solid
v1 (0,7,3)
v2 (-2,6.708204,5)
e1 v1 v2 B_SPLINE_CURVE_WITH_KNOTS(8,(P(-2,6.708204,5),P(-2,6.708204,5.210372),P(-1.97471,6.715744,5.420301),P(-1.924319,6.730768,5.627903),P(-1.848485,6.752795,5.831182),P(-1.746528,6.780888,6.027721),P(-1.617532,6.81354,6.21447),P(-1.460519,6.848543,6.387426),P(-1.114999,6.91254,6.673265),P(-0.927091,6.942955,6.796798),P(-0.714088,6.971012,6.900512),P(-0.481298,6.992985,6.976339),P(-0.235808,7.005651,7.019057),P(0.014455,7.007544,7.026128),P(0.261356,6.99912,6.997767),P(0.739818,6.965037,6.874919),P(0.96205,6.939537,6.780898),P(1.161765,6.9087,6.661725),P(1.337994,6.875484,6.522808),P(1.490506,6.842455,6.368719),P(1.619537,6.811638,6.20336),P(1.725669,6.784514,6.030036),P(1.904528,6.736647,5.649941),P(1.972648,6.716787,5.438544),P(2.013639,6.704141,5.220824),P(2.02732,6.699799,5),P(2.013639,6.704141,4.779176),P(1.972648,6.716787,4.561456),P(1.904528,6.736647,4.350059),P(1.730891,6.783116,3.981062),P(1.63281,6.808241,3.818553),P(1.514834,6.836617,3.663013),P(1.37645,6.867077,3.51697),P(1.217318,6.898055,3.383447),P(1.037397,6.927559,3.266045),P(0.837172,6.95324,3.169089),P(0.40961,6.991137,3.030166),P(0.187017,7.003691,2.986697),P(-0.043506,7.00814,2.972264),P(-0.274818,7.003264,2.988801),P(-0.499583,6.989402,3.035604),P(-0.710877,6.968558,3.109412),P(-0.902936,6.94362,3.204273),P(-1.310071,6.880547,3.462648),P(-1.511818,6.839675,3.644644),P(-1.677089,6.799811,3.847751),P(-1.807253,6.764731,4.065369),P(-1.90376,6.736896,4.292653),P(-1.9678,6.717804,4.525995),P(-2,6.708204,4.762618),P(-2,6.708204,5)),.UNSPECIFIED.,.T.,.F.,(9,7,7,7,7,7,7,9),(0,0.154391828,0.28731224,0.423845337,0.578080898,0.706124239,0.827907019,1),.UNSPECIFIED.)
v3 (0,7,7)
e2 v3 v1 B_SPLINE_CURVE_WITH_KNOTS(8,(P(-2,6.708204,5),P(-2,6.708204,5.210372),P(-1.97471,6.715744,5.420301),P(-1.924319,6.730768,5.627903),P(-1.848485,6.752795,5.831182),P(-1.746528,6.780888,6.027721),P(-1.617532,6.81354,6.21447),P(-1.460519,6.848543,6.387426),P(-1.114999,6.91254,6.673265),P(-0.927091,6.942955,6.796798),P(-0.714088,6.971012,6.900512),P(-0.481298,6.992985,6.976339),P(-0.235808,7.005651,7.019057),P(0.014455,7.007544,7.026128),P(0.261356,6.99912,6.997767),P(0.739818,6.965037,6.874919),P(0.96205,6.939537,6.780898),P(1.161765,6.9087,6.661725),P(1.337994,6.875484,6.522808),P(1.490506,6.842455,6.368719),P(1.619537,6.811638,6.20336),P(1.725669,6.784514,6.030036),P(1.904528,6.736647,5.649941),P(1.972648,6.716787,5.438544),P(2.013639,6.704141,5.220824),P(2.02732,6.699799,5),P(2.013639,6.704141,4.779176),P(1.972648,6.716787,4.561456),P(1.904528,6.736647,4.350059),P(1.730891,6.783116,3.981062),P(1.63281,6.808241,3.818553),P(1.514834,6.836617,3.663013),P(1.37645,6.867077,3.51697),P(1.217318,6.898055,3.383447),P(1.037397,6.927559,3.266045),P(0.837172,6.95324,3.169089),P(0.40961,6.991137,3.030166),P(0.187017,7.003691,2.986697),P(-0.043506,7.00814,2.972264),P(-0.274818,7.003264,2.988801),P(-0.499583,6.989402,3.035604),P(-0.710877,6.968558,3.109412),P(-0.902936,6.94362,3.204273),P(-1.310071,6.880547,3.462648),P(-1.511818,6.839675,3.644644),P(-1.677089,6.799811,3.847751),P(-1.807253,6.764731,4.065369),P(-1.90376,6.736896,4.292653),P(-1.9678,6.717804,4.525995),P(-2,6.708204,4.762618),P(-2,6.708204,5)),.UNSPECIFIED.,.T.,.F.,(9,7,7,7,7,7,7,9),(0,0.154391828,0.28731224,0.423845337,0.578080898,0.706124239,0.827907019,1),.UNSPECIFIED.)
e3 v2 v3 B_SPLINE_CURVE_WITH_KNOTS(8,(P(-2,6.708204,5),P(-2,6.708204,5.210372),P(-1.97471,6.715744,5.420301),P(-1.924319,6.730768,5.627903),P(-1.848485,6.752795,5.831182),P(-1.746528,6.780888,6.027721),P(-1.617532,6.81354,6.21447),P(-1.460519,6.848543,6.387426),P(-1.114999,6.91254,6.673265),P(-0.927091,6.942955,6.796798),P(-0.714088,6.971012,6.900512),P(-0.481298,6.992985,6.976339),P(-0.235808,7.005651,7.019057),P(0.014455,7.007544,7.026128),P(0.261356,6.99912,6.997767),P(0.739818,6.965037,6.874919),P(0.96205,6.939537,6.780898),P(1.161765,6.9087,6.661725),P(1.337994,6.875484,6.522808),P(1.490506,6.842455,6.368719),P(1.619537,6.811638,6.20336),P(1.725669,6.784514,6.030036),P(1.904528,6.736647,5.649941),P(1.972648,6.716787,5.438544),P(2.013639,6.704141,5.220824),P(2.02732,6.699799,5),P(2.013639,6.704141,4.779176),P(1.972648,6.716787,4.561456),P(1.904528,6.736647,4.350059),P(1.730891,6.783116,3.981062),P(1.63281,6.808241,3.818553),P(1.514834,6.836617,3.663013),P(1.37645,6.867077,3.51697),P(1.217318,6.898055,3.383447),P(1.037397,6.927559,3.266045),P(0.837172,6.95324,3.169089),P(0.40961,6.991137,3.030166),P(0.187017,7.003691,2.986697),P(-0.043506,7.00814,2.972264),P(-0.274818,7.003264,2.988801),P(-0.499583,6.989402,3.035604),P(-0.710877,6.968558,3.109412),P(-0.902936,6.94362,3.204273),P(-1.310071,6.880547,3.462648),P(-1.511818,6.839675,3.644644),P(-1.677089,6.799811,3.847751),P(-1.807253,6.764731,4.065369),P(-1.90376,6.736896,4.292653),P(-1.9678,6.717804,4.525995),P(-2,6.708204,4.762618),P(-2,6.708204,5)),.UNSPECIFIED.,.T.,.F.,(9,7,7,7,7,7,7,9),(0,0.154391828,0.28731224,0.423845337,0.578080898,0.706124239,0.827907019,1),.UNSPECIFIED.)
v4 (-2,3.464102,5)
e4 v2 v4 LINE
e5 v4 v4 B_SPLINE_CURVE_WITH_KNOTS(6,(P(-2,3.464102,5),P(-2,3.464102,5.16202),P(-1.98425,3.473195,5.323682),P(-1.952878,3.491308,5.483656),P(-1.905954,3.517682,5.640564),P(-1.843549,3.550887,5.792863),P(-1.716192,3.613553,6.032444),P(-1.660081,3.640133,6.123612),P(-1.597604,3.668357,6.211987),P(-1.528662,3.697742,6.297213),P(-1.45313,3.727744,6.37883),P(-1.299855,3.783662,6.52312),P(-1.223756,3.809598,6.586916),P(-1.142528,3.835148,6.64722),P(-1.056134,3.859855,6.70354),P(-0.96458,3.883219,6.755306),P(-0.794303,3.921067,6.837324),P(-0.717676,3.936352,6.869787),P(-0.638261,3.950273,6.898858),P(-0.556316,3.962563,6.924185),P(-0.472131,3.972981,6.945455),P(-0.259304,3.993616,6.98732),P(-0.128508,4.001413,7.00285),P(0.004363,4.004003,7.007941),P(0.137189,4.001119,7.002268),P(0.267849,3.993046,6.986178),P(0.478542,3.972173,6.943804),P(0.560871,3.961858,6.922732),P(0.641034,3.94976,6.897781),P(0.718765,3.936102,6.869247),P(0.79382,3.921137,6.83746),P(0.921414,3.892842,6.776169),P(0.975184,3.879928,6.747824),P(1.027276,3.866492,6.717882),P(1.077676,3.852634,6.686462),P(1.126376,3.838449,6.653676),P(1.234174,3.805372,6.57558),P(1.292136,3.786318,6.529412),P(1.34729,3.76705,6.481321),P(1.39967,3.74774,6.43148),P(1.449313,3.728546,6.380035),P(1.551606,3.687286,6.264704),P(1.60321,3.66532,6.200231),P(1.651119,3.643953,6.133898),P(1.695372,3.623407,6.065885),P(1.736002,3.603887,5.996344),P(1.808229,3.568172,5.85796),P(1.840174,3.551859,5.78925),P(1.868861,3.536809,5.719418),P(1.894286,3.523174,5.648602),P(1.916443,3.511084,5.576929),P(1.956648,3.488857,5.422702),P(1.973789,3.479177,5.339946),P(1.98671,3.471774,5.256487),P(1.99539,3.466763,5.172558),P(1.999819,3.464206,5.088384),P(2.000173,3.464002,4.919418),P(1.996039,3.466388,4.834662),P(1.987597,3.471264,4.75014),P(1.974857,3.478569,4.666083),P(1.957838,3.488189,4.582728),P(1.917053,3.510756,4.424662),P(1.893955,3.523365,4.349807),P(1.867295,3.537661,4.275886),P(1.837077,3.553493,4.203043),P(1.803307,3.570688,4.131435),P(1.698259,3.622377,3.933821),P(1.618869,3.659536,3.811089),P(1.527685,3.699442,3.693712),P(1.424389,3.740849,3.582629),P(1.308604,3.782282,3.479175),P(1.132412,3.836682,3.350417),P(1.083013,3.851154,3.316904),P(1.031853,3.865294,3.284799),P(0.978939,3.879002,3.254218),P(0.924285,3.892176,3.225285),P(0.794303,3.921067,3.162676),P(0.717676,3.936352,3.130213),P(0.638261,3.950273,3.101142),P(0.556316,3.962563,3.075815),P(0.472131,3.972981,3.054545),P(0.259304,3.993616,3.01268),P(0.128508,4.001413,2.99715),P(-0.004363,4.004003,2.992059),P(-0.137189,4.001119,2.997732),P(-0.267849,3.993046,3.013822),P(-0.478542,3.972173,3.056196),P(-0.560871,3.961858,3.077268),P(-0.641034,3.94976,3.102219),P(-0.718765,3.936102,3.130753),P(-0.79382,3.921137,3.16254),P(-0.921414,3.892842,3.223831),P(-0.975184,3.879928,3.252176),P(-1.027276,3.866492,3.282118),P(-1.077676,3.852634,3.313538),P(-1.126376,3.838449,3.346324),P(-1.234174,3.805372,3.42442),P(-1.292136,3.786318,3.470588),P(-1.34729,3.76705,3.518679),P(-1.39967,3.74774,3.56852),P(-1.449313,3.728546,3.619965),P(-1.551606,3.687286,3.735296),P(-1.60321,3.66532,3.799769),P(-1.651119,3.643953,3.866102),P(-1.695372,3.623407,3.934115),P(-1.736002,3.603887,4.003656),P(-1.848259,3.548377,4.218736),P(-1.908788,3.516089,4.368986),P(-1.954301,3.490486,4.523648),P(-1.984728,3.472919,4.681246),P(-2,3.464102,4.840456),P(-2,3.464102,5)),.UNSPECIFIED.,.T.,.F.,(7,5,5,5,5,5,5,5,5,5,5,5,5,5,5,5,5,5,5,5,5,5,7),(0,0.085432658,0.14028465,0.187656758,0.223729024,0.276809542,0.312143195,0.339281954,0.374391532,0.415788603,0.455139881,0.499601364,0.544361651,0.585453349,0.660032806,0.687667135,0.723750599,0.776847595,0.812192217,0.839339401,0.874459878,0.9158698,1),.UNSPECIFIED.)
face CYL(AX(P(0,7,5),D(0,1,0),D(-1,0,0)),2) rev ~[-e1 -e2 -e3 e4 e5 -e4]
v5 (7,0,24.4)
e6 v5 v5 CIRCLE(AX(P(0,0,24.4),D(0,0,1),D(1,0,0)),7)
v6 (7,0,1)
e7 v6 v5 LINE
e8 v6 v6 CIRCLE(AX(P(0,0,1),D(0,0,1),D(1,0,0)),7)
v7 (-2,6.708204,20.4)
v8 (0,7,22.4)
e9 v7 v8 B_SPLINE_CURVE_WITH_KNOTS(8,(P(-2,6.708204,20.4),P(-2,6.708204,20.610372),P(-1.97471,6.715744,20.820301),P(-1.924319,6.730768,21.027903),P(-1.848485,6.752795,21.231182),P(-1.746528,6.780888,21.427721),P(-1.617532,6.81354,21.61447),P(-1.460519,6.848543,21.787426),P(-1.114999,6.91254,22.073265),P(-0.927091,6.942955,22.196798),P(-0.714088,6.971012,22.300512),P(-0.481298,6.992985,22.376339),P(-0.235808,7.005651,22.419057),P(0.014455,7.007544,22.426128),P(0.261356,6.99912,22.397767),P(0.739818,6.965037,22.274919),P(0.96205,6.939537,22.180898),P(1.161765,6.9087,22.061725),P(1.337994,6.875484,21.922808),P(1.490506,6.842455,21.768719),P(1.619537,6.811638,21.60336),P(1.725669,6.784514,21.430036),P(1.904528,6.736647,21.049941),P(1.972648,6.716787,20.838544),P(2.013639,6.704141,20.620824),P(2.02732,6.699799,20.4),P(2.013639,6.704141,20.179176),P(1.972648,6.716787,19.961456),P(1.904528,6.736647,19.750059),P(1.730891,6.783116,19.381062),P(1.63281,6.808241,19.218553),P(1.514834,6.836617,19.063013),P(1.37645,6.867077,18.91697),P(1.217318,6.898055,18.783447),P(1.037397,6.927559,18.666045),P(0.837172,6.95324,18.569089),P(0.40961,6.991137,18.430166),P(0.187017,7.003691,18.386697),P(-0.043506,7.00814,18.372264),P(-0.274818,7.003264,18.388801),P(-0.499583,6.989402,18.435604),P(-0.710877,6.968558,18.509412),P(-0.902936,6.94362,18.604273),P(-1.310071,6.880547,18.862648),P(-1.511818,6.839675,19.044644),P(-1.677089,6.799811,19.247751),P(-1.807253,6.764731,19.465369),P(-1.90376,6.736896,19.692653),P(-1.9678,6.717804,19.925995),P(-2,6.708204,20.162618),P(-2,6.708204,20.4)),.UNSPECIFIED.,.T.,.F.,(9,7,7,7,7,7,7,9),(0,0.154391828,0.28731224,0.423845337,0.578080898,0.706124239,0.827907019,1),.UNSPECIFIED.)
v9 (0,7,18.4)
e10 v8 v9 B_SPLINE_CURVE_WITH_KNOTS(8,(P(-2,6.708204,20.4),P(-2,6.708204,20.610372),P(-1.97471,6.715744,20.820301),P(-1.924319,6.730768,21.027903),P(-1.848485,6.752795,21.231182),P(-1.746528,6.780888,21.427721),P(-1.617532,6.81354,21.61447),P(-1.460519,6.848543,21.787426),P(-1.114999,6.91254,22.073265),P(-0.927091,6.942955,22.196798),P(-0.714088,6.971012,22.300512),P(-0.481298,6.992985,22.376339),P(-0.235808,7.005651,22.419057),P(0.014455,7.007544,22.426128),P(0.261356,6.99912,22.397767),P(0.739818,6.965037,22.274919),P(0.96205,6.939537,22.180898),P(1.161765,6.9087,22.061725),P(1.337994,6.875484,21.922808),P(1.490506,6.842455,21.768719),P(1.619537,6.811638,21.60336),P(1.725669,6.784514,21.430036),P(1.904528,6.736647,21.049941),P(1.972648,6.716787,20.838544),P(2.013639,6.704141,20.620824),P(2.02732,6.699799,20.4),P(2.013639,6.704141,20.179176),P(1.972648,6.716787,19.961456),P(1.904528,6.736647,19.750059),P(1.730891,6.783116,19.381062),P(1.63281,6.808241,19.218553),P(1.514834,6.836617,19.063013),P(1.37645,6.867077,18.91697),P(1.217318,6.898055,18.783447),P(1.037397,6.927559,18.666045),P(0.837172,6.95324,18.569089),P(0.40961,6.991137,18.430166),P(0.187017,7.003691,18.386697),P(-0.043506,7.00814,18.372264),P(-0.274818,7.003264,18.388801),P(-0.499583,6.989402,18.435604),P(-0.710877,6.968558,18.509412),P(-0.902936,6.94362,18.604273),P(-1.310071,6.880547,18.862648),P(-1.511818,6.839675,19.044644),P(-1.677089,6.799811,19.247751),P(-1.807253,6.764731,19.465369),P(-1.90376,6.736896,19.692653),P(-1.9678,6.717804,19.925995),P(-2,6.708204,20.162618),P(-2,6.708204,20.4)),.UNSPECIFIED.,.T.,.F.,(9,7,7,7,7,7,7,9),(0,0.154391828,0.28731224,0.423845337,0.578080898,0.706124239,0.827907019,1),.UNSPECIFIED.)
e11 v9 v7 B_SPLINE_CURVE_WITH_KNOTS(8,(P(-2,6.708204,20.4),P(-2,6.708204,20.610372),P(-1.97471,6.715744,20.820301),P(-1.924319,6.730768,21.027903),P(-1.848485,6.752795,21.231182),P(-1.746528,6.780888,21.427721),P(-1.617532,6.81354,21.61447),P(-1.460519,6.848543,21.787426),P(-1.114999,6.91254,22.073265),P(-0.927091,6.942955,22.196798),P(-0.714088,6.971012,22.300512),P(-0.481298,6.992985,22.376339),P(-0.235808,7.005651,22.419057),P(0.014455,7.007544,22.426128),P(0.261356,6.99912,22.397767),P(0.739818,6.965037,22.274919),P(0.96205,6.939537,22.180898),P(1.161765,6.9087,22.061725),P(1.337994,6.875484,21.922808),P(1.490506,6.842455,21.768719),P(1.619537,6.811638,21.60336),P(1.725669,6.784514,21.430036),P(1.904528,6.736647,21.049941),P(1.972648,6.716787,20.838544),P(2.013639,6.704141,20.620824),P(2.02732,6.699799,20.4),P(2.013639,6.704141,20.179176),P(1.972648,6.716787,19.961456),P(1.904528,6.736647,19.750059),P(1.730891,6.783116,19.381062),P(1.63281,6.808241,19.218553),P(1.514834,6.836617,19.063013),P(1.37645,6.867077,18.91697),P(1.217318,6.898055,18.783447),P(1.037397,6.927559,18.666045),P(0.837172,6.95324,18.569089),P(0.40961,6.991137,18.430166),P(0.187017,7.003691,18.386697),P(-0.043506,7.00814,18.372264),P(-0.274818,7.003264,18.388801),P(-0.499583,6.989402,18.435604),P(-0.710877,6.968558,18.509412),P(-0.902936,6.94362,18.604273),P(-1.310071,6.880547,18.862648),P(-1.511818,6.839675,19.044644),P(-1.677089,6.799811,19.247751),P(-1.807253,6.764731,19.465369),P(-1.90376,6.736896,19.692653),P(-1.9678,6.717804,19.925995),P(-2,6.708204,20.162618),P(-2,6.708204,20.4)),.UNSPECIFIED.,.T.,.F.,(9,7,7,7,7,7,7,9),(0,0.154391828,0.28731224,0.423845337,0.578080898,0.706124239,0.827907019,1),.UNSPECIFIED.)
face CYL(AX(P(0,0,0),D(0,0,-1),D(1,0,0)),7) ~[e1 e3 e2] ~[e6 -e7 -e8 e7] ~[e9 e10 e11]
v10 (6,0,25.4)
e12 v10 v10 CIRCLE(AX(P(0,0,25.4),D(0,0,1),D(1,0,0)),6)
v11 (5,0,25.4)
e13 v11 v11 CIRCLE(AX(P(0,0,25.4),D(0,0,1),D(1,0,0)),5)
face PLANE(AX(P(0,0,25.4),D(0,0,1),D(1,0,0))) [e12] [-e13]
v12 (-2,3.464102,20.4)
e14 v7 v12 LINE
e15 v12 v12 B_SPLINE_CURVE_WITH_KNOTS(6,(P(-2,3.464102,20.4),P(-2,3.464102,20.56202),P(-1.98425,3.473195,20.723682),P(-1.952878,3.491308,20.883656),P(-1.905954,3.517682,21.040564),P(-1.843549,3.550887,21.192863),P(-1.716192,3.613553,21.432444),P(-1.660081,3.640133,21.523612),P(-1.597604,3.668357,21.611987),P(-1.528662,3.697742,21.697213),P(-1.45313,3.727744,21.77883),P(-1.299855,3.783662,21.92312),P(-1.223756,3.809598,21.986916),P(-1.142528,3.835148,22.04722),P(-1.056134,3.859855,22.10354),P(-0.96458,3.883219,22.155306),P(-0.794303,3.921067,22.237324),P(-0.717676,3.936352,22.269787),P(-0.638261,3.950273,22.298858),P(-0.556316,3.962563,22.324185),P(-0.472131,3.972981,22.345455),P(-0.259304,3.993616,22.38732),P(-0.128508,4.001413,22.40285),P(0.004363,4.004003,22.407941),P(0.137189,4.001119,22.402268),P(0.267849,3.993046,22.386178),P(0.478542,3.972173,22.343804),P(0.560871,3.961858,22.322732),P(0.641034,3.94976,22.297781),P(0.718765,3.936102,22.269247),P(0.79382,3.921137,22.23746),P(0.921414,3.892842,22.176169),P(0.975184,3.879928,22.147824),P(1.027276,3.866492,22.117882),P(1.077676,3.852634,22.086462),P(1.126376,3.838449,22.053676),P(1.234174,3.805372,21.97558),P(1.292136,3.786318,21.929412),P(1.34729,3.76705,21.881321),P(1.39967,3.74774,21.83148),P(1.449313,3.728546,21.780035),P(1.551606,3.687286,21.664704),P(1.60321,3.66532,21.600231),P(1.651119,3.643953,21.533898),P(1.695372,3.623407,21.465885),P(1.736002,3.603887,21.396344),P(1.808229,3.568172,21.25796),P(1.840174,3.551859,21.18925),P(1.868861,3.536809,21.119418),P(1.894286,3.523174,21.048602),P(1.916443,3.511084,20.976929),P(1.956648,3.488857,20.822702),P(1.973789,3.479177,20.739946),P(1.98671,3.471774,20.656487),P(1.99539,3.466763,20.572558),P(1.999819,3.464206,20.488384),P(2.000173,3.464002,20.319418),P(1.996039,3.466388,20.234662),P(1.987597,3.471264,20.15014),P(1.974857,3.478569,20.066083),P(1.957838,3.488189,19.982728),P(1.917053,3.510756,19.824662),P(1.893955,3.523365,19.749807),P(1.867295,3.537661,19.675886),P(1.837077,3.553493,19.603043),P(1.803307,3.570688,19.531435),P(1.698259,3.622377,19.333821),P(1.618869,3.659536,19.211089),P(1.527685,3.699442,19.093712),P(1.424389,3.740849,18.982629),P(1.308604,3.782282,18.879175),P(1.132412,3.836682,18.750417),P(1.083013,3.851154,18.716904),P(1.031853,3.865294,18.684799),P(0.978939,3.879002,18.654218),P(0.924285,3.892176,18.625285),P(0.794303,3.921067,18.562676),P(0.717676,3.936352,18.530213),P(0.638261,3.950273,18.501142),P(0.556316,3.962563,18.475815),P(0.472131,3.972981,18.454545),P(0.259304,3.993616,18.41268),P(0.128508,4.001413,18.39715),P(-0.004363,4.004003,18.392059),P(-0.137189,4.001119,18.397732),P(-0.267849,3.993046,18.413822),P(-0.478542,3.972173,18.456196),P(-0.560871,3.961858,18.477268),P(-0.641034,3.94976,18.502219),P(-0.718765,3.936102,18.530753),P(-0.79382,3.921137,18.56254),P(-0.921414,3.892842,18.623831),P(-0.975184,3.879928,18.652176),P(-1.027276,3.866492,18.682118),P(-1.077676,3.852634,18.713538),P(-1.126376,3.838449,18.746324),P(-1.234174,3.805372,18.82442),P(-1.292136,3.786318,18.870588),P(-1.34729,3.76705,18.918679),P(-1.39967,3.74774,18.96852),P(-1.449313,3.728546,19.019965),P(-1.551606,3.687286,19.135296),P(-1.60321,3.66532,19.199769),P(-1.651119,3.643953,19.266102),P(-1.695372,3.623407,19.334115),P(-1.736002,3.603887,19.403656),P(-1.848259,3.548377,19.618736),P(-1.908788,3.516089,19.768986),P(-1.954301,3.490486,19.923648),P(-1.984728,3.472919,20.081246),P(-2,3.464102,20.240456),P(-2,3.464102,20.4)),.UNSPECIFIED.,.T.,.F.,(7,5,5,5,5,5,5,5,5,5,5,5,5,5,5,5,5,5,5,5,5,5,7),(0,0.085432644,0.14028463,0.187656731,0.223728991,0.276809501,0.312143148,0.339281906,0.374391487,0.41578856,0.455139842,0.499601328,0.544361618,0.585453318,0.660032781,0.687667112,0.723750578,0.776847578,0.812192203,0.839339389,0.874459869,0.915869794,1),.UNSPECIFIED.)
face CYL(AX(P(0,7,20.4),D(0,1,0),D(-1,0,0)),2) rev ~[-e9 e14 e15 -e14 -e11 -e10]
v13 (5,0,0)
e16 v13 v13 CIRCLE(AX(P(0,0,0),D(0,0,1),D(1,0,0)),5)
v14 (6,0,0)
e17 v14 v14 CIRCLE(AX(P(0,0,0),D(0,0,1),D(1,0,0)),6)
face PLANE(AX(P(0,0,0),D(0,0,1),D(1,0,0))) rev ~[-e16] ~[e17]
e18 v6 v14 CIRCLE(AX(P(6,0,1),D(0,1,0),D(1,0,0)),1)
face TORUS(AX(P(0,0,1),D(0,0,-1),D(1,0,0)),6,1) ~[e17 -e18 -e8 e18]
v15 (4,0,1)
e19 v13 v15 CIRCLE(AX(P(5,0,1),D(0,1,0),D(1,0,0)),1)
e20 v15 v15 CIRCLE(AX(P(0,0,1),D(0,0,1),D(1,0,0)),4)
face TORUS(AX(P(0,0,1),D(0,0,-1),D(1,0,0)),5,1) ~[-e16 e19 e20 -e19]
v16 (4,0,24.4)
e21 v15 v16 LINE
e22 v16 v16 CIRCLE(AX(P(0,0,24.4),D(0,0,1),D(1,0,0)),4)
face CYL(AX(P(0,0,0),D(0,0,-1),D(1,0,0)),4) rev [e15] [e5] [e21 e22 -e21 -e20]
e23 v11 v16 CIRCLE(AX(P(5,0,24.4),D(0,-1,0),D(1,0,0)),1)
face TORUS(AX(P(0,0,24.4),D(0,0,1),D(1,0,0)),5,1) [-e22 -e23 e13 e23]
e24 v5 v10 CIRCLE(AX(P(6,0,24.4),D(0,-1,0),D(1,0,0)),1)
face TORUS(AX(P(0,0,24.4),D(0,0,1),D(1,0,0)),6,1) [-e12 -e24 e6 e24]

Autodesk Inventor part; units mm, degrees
ref_plane "YZ Plane" through (0, 0, 0) normal (1, 0, 0) x (0, 1, 0)
ref_plane "XY Plane" through (0, 0, 0) normal (0, 0, 1) x (1, 0, 0)
sketch "Sketch1" plane through (0, 0, 0) normal (0, 0, 1) x (1, 0, 0)
  circle A0 centre (0, 0) radius 7
  circle A1 centre (0, 0) radius 4
  dimension "d0" = 14
  dimension "d1" = 8
extrude "Extrusion1" add sketch "Sketch1" along normal blind 25.4
fillet "Fillet1" radius 1 2 edges at (-7, 0, 25.4) (-7, 0, 0)
fillet "Fillet2" radius 1 2 edges at (-4, 0, 25.4) (-4, 0, 0)
ref_plane "Work Plane1" through (0, 7, 0) normal (0, 1, 0) x (-1, 0, 0)
sketch "Sketch2" plane through (0, 7, 0) normal (0, 1, 0) x (-1, 0, 0)
  circle A0 centre (0, 5) radius 2
  circle A1 centre (0, 20.4) radius 2
  line L0 (-6, 25.4) -> (6, 25.4) projected
  point P0 (0, 0)
  dimension "d6" = 4
  dimension "d7" = 5
  dimension "d8" = 5
extrude "Extrusion2" cut sketch "Sketch2" against normal up to next
thread "Thread1" size "M4x0.7" class "6H" standard "ANSI Metric M Profile" full length
thread "Thread2" size "M4x0.7" class "6H" standard "ANSI Metric M Profile" full length
equation "\"d8\" = d7"
properties part number "AcopleMotor"
